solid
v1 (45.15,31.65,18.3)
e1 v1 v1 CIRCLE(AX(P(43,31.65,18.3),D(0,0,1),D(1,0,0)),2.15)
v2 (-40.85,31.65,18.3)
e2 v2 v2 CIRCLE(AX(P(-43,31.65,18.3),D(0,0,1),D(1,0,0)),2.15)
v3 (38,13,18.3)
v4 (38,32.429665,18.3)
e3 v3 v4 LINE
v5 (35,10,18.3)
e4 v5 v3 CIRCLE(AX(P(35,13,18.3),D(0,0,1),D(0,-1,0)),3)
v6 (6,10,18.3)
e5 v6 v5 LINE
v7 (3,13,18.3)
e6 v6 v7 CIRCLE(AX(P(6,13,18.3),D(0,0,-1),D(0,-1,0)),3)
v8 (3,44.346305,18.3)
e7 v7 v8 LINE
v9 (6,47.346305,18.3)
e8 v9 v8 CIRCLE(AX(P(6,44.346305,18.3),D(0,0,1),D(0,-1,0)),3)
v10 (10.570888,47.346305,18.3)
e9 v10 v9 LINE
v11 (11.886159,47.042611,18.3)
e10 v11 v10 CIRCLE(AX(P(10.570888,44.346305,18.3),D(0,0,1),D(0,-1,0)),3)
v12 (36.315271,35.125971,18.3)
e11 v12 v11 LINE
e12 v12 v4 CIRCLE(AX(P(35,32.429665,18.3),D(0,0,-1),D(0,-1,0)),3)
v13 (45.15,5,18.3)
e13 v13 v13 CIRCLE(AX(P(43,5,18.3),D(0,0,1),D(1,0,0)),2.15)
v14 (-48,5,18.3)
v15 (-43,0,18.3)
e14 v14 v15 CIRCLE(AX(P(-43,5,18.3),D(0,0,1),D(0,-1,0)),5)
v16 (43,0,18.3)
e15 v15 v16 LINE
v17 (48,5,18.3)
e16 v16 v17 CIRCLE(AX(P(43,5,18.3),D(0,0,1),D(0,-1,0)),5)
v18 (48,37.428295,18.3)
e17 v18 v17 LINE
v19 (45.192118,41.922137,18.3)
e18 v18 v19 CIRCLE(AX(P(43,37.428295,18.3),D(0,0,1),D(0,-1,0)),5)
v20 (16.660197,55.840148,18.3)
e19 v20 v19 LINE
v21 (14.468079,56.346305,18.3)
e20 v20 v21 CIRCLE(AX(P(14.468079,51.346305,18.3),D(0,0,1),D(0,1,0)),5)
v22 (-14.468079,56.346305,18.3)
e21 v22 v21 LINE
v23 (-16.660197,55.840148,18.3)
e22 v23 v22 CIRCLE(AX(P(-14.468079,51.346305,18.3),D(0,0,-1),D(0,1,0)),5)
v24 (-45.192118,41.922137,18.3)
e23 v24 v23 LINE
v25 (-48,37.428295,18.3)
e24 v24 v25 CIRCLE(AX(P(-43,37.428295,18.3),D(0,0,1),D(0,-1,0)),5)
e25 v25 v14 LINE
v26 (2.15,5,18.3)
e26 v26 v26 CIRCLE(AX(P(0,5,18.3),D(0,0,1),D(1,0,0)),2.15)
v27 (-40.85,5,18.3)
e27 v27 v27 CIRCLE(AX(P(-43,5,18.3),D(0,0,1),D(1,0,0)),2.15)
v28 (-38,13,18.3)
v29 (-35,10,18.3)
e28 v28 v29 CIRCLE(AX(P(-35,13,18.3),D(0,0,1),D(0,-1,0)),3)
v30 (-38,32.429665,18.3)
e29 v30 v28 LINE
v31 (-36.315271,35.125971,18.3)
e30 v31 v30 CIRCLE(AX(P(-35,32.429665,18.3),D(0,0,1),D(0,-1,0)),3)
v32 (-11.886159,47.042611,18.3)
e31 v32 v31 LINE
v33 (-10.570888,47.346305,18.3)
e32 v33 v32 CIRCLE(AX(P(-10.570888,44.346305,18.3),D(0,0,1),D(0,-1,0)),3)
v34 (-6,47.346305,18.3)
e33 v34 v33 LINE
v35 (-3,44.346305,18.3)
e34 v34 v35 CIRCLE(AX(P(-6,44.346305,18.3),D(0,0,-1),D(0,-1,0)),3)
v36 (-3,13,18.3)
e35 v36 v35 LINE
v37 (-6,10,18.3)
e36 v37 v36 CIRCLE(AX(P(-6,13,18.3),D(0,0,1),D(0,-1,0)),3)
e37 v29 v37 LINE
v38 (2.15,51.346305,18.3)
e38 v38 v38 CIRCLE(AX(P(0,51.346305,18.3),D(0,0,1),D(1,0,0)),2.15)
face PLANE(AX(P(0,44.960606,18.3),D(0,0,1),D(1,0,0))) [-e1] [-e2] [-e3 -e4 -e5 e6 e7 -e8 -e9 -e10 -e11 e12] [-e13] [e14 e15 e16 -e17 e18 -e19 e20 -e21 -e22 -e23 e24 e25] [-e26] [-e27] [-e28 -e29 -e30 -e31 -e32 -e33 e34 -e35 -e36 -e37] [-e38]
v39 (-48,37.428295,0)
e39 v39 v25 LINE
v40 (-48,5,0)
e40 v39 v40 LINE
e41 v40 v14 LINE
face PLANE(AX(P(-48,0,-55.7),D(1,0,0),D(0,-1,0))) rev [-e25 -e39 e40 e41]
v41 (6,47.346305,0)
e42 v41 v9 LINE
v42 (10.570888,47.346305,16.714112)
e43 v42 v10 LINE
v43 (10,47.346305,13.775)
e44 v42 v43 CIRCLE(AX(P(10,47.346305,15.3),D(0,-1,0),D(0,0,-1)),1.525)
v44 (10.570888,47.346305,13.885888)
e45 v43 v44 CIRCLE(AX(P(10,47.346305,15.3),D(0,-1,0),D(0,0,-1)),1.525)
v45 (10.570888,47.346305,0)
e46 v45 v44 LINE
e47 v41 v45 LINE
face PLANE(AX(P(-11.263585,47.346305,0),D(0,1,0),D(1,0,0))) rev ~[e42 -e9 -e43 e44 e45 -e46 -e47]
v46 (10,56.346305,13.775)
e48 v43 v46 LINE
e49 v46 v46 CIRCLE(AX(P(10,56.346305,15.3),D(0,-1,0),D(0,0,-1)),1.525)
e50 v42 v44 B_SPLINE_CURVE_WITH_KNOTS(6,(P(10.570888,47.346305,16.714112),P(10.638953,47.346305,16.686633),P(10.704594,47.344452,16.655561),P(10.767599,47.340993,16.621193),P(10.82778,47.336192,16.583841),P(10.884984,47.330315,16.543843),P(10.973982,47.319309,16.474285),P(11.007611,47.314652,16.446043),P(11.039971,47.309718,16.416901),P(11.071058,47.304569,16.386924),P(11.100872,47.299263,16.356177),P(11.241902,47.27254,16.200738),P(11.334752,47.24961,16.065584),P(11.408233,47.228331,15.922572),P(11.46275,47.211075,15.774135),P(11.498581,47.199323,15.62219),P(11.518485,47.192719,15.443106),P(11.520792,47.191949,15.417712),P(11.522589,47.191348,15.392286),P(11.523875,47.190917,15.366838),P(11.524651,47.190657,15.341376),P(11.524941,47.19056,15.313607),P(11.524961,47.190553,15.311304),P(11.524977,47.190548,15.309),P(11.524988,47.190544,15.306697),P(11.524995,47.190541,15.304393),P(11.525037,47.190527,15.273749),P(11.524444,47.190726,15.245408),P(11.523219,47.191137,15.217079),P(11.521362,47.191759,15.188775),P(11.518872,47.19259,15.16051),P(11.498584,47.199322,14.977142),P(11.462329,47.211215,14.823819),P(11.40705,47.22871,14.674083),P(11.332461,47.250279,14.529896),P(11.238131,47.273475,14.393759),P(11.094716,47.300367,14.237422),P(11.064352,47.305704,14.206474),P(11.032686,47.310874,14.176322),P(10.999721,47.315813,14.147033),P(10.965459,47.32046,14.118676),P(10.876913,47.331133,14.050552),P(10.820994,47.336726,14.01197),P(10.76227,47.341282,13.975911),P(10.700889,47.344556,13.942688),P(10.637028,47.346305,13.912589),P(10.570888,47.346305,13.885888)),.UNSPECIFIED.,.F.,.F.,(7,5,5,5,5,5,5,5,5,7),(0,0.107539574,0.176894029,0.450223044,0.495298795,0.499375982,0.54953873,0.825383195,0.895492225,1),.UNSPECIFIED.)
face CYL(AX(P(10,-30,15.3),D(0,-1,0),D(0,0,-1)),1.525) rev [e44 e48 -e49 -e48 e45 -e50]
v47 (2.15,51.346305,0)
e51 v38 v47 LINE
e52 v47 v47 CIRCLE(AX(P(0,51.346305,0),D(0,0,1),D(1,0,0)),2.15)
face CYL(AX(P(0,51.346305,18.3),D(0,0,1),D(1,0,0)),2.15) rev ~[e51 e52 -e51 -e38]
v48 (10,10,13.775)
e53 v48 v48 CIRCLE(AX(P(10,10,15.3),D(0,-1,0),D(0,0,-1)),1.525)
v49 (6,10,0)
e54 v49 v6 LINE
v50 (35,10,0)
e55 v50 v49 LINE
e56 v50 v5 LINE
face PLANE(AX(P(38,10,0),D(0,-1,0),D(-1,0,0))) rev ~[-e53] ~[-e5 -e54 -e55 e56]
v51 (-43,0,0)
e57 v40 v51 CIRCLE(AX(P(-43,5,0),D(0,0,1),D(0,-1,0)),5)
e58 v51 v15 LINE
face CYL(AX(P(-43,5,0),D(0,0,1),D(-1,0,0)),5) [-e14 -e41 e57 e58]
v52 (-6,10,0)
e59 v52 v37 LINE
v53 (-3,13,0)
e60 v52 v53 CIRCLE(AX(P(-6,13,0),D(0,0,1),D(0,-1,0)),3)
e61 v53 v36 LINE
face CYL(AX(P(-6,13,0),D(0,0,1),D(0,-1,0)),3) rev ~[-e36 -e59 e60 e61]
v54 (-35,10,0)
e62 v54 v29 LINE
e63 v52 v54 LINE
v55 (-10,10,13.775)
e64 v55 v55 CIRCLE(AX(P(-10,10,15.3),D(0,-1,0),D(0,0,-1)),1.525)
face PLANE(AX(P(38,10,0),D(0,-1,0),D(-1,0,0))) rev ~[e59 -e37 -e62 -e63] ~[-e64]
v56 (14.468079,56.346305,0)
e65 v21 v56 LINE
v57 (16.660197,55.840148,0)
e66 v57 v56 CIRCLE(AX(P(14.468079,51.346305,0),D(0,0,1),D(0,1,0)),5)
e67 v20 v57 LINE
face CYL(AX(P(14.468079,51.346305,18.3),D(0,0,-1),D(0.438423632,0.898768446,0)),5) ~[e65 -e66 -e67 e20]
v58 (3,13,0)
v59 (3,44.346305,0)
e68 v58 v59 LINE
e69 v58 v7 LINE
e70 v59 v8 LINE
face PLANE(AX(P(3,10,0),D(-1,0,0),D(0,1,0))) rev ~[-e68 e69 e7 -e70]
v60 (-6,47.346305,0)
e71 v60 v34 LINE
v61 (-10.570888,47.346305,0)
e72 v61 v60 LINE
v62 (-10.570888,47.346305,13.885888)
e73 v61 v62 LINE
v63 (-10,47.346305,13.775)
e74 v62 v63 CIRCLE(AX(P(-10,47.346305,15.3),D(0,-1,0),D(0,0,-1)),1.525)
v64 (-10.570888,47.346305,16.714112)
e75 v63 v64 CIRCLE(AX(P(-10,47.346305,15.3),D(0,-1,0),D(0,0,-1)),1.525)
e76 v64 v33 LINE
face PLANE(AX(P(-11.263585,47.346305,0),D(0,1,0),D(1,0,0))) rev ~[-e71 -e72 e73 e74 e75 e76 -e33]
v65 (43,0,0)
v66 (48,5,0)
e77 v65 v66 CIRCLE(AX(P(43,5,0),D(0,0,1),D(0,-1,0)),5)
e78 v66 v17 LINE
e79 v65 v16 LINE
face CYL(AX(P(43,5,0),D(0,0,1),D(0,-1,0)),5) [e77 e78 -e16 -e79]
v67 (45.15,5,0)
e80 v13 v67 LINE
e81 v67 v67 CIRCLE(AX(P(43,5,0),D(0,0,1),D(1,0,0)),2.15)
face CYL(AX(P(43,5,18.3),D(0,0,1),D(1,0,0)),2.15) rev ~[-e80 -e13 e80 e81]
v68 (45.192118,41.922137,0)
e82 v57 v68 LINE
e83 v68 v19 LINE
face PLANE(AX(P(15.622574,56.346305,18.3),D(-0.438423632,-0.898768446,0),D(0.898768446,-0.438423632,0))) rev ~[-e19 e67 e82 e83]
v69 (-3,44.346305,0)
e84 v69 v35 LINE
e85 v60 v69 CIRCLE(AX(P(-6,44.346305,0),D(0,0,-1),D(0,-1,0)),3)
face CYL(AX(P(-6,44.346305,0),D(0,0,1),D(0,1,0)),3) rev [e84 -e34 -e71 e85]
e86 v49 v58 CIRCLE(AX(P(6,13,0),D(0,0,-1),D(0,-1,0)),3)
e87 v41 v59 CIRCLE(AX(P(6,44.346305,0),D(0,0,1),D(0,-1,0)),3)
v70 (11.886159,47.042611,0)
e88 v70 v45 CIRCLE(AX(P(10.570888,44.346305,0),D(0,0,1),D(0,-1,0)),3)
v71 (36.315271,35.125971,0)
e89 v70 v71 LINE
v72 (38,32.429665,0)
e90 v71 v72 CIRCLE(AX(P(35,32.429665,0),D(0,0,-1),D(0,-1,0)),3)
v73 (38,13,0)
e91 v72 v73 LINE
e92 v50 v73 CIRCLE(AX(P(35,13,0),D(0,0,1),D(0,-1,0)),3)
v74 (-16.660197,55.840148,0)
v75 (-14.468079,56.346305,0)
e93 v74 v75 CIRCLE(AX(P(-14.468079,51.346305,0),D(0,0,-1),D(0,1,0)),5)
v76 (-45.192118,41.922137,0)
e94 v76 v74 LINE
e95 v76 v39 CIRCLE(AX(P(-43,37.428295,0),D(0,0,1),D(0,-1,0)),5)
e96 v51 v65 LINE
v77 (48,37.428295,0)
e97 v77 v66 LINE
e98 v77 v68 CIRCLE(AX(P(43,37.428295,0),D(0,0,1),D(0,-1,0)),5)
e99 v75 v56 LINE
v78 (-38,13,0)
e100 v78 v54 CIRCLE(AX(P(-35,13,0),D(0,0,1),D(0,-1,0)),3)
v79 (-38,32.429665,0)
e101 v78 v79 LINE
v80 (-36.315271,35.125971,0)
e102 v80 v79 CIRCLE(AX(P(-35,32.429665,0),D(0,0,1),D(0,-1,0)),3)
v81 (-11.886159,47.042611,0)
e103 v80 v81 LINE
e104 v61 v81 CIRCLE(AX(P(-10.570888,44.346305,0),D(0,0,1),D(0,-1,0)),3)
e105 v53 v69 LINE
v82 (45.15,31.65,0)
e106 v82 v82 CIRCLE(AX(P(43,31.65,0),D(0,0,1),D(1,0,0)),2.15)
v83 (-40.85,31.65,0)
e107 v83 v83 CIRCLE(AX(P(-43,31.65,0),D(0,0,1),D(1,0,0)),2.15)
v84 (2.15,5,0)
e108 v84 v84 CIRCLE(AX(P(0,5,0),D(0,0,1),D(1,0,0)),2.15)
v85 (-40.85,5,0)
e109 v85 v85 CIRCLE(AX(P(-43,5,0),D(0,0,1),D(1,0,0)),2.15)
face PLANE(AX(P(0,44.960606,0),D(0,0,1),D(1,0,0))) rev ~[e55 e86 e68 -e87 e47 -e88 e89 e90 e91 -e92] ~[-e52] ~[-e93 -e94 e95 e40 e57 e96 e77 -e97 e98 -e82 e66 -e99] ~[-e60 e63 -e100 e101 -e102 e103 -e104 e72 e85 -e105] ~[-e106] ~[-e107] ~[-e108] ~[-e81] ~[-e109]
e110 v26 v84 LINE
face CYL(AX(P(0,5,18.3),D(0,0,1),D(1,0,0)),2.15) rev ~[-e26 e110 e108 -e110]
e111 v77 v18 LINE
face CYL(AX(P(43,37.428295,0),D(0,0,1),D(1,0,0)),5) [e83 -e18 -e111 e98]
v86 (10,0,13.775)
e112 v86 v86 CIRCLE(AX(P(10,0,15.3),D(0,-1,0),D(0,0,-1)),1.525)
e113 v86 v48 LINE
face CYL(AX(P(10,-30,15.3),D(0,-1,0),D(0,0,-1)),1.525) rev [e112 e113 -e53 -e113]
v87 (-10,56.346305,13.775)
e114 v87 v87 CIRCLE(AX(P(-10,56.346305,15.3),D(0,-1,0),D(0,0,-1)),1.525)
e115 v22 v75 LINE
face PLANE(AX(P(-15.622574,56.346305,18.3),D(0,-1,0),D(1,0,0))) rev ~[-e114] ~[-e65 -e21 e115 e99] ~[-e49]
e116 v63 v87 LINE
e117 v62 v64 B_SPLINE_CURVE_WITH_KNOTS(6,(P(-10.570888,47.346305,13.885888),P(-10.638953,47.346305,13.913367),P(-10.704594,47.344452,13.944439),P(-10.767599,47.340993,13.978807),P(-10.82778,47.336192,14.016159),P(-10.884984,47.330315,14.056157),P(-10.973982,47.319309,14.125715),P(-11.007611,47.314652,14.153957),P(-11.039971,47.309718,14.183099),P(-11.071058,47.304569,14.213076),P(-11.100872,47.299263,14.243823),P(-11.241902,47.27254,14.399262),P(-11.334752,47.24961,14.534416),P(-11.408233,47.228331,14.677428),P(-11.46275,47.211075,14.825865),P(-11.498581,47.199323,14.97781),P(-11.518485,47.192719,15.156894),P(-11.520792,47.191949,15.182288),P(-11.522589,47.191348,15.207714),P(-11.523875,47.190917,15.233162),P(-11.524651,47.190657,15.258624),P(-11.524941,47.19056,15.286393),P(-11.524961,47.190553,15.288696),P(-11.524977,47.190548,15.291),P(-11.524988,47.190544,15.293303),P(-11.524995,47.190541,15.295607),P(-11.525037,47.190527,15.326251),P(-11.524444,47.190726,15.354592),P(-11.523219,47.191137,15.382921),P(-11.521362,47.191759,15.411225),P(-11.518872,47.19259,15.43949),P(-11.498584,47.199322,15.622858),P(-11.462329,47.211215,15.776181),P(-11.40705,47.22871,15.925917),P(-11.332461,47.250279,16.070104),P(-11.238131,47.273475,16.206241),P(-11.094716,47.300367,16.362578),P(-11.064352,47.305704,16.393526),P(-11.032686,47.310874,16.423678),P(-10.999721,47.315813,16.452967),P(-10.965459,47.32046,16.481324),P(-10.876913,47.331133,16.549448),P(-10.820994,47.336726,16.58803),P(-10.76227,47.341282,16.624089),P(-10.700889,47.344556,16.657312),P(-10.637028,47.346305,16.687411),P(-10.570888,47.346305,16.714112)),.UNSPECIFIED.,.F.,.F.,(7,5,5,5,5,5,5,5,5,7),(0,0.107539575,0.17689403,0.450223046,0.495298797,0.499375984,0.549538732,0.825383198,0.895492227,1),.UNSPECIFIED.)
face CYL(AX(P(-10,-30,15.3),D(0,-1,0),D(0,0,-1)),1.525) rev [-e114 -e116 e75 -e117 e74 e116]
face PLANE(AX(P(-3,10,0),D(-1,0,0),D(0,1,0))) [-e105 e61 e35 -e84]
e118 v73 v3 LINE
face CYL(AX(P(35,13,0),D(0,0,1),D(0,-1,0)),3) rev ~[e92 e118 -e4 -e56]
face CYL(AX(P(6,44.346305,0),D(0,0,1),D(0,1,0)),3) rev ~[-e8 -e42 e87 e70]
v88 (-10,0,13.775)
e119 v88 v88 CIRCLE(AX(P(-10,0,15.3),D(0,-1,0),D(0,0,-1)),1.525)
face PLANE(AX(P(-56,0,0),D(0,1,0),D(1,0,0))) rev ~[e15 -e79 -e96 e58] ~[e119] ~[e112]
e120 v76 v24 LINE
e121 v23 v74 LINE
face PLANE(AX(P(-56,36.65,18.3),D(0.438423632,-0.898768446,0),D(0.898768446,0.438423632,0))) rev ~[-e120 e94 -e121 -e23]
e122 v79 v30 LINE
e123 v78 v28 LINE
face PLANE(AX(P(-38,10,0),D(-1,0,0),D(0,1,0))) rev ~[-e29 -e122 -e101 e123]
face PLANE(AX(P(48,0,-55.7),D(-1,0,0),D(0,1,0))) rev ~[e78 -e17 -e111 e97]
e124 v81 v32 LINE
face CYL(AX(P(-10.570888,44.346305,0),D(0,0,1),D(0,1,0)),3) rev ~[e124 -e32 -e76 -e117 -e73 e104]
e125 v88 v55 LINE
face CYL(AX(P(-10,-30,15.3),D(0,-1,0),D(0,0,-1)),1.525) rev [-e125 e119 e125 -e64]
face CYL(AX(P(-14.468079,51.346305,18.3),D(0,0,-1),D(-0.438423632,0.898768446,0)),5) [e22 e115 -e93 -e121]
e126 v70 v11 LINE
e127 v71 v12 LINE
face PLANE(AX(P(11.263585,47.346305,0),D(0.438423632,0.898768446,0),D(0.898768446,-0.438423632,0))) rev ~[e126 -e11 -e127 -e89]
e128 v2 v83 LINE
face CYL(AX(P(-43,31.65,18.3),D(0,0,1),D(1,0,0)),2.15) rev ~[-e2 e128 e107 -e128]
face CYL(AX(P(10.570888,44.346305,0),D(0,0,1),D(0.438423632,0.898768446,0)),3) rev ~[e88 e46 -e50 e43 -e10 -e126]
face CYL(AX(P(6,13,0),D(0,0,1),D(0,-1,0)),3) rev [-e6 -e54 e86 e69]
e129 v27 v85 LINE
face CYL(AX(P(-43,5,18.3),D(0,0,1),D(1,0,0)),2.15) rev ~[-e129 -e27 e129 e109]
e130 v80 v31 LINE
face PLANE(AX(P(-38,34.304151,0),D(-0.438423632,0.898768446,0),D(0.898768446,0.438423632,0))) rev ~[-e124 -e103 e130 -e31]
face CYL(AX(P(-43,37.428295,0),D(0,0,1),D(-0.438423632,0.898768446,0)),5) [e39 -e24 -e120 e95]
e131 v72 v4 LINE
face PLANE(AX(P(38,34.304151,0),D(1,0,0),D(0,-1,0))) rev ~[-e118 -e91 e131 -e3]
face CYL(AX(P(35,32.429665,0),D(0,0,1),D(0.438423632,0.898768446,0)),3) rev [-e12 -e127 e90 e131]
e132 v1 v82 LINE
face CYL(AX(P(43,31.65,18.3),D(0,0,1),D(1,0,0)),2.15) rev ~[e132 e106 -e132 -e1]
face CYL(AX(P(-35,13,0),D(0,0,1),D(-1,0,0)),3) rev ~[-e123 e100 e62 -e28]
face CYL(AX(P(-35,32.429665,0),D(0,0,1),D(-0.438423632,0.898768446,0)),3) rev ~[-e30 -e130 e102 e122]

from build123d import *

# Parameters (mm, degrees)
SKETCH_1_R               = 6
EXTRUDE_1_DEPTH          = 18.3
CUT_EXTRUDE_1_DEPTH      = 38
SKETCH_3_R               = 2.15
CUT_EXTRUDE_2_DEPTH      = 74
CUT_EXTRUDE_START        = -74
SKETCH_5_W               = 10
SKETCH_5_H               = 40.552439024
CUT_EXTRUDE_3_DEPTH      = 156.521752466
CUT_EXTRUDE_4_DEPTH      = 40
SKETCH_8_W               = 6
SKETCH_8_H               = 37.346305337
EXTRUDE_2_DEPTH          = 18.3
FILLET_2_R               = 3
FILLET_3_R               = 5
CUT_EXTRUDE_7_DEPTH      = 80
CUT_EXTRUDE_7_DEPTH_BACK = 40
SKETCH_12_R              = 1.525


with BuildPart() as part:
    # 草图1 → 凸台-拉伸1 (new body)
    with BuildSketch(Plane.XY):
        with BuildLine():
            Line((-8.281928864, 111.239451243), (-56, 56.65))
            Line((-56, 56.65), (-56, 0))
            Line((-56, 0), (56, 0))
            Line((56, 0), (56, 56.65))
            Line((56, 56.65), (8.281928864, 111.239451243))
            ThreePointArc((8.281928864, 111.239451243), (0, 115), (-8.281928864, 111.239451243))
        make_face()
        with Locations((0, 104)):
            Circle(SKETCH_1_R, mode=Mode.SUBTRACT)
    extrude(amount=EXTRUDE_1_DEPTH)

    # 草图2 → Cut-Extrude 1 (cut)
    with BuildSketch(Plane.XY.offset(18.3)):
        Polygon((15.622574059, 56.346305337), (56, 36.65), (56, 56.65), (30, 116.346305337), (-30, 116.346305337), (-56, 56.65), (-56, 36.65), (-15.622574059, 56.346305337), align=None)
    extrude(amount=-CUT_EXTRUDE_1_DEPTH, mode=Mode.SUBTRACT)

    # 草图3 → 切除-拉伸2 (cut)
    with BuildSketch(Plane.XY.offset(18.3)):
        with Locations((0, 51.346305337)):
            Circle(SKETCH_3_R)
        with Locations((43, 31.65)):
            Circle(SKETCH_3_R)
        with Locations((43, 5)):
            Circle(SKETCH_3_R)
        with Locations((-43, 5)):
            Circle(SKETCH_3_R)
        with Locations((-43, 31.65)):
            Circle(SKETCH_3_R)
        with Locations((0, 5)):
            Circle(SKETCH_3_R)
    extrude(amount=-CUT_EXTRUDE_2_DEPTH, mode=Mode.SUBTRACT)

    # 草图5 → Cut-Extrude 3 (cut)
    with BuildSketch(Plane.XY.offset(18.3).offset(CUT_EXTRUDE_START)):
        with Locations((53, 20.276219512)):
            Rectangle(SKETCH_5_W, SKETCH_5_H)
    cut_extrude_3 = extrude(amount=CUT_EXTRUDE_3_DEPTH, mode=Mode.SUBTRACT)

    # 镜向2: Cut-Extrude 3 across plane
    add(cut_extrude_3.mirror(Plane(origin=(0, 0, 0), x_dir=(0, 0, 1), z_dir=(1, 0, 0))), mode=Mode.SUBTRACT)

    # 草图7 → 切除-拉伸4 (cut)
    with BuildSketch(Plane(origin=(0, 0, 0), x_dir=(-1, 0, 0), z_dir=(0, 0, -1))):
        Polygon((-38, 34.304151485), (-38, 10), (38, 10), (38, 34.304151485), (11.263584603, 47.346305337), (-11.263584603, 47.346305337), align=None)
    extrude(amount=-CUT_EXTRUDE_4_DEPTH, mode=Mode.SUBTRACT)

    # 草图8 → 凸台-拉伸2 (add)
    with BuildSketch(Plane(origin=(0, 0, 0), x_dir=(-1, 0, 0), z_dir=(0, 0, -1))):
        with Locations((0, 28.673152669)):
            Rectangle(SKETCH_8_W, SKETCH_8_H)
    extrude(amount=-EXTRUDE_2_DEPTH)

    # 圆角2
    fillet_2_edges = [part.edges().sort_by_distance(p)[0] for p in [
        (38, 34.304151485, 9.15),
        (11.263584603, 47.346305337, 9.15),
        (-11.263584603, 47.346305337, 9.15),
        (-38, 34.304151485, 9.15),
        (-38, 10, 9.15),
        (38, 10, 9.15),
        (3, 10, 9.15),
        (-3, 10, 9.15),
        (-3, 47.346305337, 9.15),
        (3, 47.346305337, 9.15),
    ]]
    fillet(fillet_2_edges, radius=FILLET_2_R)

    # 圆角3
    fillet_3_edges = [part.edges().sort_by_distance(p)[0] for p in [
        (-48, 40.552439024, 9.15),
        (-48, 0, 9.15),
        (15.622574059, 56.346305337, 9.15),
        (-15.622574059, 56.346305337, 9.15),
        (48, 40.552439024, 9.15),
        (48, 0, 9.15),
    ]]
    fillet(fillet_3_edges, radius=FILLET_3_R)

    # 草图12 → 切除-拉伸7 (cut, two sides: drawn at the far end of the back side and taken through both)
    with BuildSketch(Plane(origin=(0, 10, 0), x_dir=(1, 0, 0), z_dir=(0, 1, 0)).offset(-CUT_EXTRUDE_7_DEPTH_BACK)):
        with Locations(Location((-10, -15.3, 0), (0, 0, 90))):
            Circle(SKETCH_12_R)
        with Locations(Location((10, -15.3, 0), (0, 0, 90))):
            Circle(SKETCH_12_R)
    extrude(amount=CUT_EXTRUDE_7_DEPTH + CUT_EXTRUDE_7_DEPTH_BACK, mode=Mode.SUBTRACT)


solid = part.part
